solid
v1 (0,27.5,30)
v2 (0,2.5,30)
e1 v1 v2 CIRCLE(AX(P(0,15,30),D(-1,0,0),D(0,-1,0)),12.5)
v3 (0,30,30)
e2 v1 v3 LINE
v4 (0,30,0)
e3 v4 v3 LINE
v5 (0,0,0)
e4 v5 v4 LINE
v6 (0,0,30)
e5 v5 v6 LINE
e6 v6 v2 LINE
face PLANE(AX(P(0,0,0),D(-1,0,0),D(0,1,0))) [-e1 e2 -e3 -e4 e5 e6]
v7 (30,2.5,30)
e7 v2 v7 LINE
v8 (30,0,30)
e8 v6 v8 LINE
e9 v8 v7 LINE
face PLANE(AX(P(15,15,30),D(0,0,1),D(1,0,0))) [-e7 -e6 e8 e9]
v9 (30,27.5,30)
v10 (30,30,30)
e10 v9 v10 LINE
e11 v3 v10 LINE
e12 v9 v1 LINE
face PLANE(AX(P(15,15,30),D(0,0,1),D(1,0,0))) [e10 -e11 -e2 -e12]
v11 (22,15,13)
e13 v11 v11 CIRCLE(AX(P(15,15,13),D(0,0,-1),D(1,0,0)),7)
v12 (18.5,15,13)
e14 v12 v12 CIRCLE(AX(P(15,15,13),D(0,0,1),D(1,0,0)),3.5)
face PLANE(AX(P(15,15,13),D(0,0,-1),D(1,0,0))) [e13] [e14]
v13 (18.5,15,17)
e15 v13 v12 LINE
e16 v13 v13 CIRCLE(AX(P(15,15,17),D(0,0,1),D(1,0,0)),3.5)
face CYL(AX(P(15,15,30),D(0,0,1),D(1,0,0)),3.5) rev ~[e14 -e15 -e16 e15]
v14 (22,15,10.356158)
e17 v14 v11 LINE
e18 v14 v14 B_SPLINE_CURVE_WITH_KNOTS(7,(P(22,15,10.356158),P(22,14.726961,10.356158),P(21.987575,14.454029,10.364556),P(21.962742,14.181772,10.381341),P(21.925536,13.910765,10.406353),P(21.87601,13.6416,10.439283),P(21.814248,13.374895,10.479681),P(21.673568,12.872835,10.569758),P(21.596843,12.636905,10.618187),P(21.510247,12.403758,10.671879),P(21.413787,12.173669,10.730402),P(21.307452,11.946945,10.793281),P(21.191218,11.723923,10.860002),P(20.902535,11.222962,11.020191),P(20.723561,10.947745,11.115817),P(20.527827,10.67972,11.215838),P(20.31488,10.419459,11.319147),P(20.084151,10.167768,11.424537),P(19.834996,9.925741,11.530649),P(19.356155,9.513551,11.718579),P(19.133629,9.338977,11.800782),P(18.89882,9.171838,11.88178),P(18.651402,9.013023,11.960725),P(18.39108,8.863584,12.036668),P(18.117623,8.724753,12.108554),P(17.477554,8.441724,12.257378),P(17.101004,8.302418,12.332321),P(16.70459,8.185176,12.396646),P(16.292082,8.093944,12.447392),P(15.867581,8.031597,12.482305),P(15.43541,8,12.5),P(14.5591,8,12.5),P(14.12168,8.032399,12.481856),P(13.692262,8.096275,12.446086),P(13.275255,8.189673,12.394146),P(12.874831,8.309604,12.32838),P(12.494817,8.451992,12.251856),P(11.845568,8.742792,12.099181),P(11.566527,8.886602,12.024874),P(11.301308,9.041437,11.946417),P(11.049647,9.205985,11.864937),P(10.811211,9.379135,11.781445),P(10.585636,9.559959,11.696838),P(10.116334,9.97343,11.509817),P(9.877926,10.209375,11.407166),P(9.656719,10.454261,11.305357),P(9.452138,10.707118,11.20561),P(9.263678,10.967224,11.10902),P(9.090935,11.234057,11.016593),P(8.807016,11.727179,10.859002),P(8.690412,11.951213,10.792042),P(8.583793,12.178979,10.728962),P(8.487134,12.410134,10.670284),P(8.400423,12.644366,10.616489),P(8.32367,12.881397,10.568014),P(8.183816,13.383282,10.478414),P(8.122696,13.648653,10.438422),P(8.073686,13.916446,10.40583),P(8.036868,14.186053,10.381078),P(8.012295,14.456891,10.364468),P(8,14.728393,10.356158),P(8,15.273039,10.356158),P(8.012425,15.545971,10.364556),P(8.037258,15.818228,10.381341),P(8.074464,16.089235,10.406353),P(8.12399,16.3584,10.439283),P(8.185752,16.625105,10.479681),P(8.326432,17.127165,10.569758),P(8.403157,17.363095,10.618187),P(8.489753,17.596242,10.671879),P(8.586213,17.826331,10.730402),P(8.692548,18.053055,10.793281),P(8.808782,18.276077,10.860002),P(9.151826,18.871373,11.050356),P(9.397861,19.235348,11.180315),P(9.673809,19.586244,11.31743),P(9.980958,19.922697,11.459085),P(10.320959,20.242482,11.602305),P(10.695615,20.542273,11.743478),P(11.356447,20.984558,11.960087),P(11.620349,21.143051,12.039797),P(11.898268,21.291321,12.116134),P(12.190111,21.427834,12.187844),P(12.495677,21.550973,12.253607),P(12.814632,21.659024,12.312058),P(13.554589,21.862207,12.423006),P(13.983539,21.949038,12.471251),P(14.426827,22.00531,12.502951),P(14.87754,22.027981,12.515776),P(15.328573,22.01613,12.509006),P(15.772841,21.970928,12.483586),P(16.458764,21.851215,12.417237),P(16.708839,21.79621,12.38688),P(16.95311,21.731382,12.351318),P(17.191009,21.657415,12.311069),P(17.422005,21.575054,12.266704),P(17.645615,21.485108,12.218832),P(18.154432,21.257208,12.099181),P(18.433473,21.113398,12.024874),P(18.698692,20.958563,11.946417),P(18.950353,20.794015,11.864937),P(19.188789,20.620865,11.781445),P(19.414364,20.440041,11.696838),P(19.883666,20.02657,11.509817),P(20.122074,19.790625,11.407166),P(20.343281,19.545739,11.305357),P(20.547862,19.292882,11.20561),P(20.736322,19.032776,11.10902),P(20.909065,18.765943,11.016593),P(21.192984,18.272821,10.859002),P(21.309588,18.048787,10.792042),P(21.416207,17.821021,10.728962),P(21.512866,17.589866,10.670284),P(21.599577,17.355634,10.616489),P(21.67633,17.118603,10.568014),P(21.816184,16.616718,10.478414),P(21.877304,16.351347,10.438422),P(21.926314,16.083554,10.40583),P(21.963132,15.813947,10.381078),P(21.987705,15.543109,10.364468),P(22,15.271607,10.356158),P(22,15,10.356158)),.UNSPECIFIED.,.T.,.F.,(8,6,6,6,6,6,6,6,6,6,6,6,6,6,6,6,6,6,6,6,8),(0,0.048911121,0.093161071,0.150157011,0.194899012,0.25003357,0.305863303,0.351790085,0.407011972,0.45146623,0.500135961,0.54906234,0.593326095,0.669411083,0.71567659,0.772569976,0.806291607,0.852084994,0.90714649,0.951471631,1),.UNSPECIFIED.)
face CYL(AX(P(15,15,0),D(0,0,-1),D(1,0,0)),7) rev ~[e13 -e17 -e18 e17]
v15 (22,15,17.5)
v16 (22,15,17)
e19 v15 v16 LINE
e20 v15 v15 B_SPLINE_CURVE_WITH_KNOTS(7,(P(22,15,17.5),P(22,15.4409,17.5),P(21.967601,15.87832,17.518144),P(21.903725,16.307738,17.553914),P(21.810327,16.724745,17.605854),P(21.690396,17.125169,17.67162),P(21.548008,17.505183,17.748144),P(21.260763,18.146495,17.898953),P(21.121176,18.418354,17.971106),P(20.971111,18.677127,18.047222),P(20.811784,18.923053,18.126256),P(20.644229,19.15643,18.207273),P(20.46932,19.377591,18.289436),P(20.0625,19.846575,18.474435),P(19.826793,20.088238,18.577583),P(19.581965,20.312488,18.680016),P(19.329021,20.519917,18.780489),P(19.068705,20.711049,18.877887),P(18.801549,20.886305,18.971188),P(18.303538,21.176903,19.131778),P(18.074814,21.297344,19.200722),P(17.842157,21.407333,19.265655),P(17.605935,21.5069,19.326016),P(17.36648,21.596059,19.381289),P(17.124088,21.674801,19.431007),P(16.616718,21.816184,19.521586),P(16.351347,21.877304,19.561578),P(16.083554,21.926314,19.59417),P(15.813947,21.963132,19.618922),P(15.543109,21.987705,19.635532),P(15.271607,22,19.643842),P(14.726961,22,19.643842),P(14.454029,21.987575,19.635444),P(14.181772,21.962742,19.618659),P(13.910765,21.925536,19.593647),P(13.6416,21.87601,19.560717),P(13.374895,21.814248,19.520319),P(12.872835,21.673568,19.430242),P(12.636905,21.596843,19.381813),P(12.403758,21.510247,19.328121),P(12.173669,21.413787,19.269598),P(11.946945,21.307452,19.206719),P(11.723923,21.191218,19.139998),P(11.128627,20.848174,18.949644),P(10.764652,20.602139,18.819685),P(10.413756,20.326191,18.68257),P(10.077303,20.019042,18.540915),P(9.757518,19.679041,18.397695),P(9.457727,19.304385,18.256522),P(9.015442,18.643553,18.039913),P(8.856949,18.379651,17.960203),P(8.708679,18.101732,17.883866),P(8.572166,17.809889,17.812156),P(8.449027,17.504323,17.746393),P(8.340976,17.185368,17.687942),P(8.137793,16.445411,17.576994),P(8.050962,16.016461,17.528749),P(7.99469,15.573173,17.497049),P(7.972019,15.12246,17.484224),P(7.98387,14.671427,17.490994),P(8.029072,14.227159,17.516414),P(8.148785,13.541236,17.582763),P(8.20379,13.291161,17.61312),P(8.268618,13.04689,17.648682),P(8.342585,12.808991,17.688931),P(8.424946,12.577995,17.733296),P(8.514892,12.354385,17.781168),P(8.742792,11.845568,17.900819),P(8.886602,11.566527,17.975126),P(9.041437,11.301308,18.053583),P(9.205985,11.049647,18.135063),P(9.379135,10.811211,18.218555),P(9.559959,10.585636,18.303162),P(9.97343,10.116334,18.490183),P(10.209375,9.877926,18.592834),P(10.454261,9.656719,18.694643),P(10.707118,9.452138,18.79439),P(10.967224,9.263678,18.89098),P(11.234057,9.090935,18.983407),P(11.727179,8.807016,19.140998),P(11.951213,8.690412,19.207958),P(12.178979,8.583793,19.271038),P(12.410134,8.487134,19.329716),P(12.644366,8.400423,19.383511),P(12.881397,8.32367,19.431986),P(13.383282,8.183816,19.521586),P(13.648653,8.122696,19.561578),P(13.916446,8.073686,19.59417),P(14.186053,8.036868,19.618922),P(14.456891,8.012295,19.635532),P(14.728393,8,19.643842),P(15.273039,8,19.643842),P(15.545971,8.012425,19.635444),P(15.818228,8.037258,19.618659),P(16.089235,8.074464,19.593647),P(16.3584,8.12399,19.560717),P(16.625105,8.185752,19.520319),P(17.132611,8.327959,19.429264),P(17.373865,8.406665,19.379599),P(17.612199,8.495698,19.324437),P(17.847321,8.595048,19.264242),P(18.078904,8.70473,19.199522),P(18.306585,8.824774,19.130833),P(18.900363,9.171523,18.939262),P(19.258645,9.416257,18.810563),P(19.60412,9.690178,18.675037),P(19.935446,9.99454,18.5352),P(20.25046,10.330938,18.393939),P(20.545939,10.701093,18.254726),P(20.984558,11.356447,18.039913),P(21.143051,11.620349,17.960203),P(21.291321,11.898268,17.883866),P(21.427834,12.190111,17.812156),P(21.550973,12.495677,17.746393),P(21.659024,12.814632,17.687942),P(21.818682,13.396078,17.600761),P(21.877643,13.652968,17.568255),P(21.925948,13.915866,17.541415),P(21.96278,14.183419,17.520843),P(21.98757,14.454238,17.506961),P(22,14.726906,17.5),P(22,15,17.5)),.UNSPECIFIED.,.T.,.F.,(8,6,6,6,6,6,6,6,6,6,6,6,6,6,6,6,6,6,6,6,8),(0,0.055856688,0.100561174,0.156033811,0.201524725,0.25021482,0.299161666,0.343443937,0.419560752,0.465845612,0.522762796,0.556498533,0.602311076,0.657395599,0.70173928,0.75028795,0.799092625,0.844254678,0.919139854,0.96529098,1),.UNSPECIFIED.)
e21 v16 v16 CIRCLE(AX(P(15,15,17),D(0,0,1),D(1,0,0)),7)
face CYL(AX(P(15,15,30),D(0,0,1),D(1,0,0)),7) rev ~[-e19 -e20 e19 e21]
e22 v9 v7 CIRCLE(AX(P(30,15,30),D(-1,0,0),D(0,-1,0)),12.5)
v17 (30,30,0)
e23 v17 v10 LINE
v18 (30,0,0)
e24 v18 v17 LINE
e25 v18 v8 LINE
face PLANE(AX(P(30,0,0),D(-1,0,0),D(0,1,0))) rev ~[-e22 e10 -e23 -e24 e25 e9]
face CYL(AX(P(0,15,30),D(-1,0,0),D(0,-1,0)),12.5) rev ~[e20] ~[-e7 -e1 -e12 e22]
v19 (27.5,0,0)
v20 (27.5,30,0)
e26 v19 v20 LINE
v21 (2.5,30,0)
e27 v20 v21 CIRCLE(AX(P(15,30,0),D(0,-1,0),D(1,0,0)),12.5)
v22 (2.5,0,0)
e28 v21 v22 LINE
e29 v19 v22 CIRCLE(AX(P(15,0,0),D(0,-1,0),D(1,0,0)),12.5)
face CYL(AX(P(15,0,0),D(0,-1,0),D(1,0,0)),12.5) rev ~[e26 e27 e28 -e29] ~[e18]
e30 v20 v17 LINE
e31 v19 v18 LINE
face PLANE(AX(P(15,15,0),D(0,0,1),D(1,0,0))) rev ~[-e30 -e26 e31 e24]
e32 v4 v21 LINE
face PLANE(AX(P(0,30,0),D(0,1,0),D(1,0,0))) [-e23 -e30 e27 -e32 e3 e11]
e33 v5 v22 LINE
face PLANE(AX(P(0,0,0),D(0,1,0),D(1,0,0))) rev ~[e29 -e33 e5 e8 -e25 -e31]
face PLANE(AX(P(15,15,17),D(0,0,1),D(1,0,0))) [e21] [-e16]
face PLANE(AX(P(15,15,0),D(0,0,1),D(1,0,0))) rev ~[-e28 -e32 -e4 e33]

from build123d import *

# Parameters (mm, degrees)
BOX_W           = 30
BOX_H           = 30
BOX_DEPTH       = 30
SKETCH_R        = 3.5
POCKET_DEPTH    = 30.001
SKETCH004_R     = 7
POCKET001_DEPTH = 13
SKETCH001_R     = 7
POCKET002_DEPTH = 13
SKETCH003_R     = 12.5
POCKET003_DEPTH = 30.001
SKETCH002_R     = 12.5
POCKET004_DEPTH = 30.001


with BuildPart() as part:
    # Box → Box (new body)
    with BuildSketch(Plane.XY):
        with Locations((15, 15)):
            Rectangle(BOX_W, BOX_H)
    extrude(amount=BOX_DEPTH)

    # Sketch → Pocket (cut, through all)
    with BuildSketch(Plane.XY.offset(30)):
        with Locations((15, 15)):
            Circle(SKETCH_R)
    extrude(amount=-POCKET_DEPTH, mode=Mode.SUBTRACT)

    # Sketch004 → Pocket001 (cut)
    with BuildSketch(Plane.XY.offset(30)):
        with Locations((15, 15)):
            Circle(SKETCH004_R)
    extrude(amount=-POCKET001_DEPTH, mode=Mode.SUBTRACT)

    # Sketch001 → Pocket002 (cut)
    with BuildSketch(Plane(origin=(0, 0, 0), x_dir=(1, 0, 0), z_dir=(0, 0, -1))):
        with Locations((15, -15)):
            Circle(SKETCH001_R)
    extrude(amount=-POCKET002_DEPTH, mode=Mode.SUBTRACT)

    # Sketch003 → Pocket003 (cut, through all)
    with BuildSketch(Plane(origin=(0, 0, 0), x_dir=(0, -1, 0), z_dir=(-1, 0, 0))):
        with Locations((-15, 30)):
            Circle(SKETCH003_R)
    extrude(amount=-POCKET003_DEPTH, mode=Mode.SUBTRACT)

    # Sketch002 → Pocket004 (cut, through all)
    with BuildSketch(Plane.XZ):
        with Locations((15, 0)):
            Circle(SKETCH002_R)
    extrude(amount=-POCKET004_DEPTH, mode=Mode.SUBTRACT)


solid = part.part
